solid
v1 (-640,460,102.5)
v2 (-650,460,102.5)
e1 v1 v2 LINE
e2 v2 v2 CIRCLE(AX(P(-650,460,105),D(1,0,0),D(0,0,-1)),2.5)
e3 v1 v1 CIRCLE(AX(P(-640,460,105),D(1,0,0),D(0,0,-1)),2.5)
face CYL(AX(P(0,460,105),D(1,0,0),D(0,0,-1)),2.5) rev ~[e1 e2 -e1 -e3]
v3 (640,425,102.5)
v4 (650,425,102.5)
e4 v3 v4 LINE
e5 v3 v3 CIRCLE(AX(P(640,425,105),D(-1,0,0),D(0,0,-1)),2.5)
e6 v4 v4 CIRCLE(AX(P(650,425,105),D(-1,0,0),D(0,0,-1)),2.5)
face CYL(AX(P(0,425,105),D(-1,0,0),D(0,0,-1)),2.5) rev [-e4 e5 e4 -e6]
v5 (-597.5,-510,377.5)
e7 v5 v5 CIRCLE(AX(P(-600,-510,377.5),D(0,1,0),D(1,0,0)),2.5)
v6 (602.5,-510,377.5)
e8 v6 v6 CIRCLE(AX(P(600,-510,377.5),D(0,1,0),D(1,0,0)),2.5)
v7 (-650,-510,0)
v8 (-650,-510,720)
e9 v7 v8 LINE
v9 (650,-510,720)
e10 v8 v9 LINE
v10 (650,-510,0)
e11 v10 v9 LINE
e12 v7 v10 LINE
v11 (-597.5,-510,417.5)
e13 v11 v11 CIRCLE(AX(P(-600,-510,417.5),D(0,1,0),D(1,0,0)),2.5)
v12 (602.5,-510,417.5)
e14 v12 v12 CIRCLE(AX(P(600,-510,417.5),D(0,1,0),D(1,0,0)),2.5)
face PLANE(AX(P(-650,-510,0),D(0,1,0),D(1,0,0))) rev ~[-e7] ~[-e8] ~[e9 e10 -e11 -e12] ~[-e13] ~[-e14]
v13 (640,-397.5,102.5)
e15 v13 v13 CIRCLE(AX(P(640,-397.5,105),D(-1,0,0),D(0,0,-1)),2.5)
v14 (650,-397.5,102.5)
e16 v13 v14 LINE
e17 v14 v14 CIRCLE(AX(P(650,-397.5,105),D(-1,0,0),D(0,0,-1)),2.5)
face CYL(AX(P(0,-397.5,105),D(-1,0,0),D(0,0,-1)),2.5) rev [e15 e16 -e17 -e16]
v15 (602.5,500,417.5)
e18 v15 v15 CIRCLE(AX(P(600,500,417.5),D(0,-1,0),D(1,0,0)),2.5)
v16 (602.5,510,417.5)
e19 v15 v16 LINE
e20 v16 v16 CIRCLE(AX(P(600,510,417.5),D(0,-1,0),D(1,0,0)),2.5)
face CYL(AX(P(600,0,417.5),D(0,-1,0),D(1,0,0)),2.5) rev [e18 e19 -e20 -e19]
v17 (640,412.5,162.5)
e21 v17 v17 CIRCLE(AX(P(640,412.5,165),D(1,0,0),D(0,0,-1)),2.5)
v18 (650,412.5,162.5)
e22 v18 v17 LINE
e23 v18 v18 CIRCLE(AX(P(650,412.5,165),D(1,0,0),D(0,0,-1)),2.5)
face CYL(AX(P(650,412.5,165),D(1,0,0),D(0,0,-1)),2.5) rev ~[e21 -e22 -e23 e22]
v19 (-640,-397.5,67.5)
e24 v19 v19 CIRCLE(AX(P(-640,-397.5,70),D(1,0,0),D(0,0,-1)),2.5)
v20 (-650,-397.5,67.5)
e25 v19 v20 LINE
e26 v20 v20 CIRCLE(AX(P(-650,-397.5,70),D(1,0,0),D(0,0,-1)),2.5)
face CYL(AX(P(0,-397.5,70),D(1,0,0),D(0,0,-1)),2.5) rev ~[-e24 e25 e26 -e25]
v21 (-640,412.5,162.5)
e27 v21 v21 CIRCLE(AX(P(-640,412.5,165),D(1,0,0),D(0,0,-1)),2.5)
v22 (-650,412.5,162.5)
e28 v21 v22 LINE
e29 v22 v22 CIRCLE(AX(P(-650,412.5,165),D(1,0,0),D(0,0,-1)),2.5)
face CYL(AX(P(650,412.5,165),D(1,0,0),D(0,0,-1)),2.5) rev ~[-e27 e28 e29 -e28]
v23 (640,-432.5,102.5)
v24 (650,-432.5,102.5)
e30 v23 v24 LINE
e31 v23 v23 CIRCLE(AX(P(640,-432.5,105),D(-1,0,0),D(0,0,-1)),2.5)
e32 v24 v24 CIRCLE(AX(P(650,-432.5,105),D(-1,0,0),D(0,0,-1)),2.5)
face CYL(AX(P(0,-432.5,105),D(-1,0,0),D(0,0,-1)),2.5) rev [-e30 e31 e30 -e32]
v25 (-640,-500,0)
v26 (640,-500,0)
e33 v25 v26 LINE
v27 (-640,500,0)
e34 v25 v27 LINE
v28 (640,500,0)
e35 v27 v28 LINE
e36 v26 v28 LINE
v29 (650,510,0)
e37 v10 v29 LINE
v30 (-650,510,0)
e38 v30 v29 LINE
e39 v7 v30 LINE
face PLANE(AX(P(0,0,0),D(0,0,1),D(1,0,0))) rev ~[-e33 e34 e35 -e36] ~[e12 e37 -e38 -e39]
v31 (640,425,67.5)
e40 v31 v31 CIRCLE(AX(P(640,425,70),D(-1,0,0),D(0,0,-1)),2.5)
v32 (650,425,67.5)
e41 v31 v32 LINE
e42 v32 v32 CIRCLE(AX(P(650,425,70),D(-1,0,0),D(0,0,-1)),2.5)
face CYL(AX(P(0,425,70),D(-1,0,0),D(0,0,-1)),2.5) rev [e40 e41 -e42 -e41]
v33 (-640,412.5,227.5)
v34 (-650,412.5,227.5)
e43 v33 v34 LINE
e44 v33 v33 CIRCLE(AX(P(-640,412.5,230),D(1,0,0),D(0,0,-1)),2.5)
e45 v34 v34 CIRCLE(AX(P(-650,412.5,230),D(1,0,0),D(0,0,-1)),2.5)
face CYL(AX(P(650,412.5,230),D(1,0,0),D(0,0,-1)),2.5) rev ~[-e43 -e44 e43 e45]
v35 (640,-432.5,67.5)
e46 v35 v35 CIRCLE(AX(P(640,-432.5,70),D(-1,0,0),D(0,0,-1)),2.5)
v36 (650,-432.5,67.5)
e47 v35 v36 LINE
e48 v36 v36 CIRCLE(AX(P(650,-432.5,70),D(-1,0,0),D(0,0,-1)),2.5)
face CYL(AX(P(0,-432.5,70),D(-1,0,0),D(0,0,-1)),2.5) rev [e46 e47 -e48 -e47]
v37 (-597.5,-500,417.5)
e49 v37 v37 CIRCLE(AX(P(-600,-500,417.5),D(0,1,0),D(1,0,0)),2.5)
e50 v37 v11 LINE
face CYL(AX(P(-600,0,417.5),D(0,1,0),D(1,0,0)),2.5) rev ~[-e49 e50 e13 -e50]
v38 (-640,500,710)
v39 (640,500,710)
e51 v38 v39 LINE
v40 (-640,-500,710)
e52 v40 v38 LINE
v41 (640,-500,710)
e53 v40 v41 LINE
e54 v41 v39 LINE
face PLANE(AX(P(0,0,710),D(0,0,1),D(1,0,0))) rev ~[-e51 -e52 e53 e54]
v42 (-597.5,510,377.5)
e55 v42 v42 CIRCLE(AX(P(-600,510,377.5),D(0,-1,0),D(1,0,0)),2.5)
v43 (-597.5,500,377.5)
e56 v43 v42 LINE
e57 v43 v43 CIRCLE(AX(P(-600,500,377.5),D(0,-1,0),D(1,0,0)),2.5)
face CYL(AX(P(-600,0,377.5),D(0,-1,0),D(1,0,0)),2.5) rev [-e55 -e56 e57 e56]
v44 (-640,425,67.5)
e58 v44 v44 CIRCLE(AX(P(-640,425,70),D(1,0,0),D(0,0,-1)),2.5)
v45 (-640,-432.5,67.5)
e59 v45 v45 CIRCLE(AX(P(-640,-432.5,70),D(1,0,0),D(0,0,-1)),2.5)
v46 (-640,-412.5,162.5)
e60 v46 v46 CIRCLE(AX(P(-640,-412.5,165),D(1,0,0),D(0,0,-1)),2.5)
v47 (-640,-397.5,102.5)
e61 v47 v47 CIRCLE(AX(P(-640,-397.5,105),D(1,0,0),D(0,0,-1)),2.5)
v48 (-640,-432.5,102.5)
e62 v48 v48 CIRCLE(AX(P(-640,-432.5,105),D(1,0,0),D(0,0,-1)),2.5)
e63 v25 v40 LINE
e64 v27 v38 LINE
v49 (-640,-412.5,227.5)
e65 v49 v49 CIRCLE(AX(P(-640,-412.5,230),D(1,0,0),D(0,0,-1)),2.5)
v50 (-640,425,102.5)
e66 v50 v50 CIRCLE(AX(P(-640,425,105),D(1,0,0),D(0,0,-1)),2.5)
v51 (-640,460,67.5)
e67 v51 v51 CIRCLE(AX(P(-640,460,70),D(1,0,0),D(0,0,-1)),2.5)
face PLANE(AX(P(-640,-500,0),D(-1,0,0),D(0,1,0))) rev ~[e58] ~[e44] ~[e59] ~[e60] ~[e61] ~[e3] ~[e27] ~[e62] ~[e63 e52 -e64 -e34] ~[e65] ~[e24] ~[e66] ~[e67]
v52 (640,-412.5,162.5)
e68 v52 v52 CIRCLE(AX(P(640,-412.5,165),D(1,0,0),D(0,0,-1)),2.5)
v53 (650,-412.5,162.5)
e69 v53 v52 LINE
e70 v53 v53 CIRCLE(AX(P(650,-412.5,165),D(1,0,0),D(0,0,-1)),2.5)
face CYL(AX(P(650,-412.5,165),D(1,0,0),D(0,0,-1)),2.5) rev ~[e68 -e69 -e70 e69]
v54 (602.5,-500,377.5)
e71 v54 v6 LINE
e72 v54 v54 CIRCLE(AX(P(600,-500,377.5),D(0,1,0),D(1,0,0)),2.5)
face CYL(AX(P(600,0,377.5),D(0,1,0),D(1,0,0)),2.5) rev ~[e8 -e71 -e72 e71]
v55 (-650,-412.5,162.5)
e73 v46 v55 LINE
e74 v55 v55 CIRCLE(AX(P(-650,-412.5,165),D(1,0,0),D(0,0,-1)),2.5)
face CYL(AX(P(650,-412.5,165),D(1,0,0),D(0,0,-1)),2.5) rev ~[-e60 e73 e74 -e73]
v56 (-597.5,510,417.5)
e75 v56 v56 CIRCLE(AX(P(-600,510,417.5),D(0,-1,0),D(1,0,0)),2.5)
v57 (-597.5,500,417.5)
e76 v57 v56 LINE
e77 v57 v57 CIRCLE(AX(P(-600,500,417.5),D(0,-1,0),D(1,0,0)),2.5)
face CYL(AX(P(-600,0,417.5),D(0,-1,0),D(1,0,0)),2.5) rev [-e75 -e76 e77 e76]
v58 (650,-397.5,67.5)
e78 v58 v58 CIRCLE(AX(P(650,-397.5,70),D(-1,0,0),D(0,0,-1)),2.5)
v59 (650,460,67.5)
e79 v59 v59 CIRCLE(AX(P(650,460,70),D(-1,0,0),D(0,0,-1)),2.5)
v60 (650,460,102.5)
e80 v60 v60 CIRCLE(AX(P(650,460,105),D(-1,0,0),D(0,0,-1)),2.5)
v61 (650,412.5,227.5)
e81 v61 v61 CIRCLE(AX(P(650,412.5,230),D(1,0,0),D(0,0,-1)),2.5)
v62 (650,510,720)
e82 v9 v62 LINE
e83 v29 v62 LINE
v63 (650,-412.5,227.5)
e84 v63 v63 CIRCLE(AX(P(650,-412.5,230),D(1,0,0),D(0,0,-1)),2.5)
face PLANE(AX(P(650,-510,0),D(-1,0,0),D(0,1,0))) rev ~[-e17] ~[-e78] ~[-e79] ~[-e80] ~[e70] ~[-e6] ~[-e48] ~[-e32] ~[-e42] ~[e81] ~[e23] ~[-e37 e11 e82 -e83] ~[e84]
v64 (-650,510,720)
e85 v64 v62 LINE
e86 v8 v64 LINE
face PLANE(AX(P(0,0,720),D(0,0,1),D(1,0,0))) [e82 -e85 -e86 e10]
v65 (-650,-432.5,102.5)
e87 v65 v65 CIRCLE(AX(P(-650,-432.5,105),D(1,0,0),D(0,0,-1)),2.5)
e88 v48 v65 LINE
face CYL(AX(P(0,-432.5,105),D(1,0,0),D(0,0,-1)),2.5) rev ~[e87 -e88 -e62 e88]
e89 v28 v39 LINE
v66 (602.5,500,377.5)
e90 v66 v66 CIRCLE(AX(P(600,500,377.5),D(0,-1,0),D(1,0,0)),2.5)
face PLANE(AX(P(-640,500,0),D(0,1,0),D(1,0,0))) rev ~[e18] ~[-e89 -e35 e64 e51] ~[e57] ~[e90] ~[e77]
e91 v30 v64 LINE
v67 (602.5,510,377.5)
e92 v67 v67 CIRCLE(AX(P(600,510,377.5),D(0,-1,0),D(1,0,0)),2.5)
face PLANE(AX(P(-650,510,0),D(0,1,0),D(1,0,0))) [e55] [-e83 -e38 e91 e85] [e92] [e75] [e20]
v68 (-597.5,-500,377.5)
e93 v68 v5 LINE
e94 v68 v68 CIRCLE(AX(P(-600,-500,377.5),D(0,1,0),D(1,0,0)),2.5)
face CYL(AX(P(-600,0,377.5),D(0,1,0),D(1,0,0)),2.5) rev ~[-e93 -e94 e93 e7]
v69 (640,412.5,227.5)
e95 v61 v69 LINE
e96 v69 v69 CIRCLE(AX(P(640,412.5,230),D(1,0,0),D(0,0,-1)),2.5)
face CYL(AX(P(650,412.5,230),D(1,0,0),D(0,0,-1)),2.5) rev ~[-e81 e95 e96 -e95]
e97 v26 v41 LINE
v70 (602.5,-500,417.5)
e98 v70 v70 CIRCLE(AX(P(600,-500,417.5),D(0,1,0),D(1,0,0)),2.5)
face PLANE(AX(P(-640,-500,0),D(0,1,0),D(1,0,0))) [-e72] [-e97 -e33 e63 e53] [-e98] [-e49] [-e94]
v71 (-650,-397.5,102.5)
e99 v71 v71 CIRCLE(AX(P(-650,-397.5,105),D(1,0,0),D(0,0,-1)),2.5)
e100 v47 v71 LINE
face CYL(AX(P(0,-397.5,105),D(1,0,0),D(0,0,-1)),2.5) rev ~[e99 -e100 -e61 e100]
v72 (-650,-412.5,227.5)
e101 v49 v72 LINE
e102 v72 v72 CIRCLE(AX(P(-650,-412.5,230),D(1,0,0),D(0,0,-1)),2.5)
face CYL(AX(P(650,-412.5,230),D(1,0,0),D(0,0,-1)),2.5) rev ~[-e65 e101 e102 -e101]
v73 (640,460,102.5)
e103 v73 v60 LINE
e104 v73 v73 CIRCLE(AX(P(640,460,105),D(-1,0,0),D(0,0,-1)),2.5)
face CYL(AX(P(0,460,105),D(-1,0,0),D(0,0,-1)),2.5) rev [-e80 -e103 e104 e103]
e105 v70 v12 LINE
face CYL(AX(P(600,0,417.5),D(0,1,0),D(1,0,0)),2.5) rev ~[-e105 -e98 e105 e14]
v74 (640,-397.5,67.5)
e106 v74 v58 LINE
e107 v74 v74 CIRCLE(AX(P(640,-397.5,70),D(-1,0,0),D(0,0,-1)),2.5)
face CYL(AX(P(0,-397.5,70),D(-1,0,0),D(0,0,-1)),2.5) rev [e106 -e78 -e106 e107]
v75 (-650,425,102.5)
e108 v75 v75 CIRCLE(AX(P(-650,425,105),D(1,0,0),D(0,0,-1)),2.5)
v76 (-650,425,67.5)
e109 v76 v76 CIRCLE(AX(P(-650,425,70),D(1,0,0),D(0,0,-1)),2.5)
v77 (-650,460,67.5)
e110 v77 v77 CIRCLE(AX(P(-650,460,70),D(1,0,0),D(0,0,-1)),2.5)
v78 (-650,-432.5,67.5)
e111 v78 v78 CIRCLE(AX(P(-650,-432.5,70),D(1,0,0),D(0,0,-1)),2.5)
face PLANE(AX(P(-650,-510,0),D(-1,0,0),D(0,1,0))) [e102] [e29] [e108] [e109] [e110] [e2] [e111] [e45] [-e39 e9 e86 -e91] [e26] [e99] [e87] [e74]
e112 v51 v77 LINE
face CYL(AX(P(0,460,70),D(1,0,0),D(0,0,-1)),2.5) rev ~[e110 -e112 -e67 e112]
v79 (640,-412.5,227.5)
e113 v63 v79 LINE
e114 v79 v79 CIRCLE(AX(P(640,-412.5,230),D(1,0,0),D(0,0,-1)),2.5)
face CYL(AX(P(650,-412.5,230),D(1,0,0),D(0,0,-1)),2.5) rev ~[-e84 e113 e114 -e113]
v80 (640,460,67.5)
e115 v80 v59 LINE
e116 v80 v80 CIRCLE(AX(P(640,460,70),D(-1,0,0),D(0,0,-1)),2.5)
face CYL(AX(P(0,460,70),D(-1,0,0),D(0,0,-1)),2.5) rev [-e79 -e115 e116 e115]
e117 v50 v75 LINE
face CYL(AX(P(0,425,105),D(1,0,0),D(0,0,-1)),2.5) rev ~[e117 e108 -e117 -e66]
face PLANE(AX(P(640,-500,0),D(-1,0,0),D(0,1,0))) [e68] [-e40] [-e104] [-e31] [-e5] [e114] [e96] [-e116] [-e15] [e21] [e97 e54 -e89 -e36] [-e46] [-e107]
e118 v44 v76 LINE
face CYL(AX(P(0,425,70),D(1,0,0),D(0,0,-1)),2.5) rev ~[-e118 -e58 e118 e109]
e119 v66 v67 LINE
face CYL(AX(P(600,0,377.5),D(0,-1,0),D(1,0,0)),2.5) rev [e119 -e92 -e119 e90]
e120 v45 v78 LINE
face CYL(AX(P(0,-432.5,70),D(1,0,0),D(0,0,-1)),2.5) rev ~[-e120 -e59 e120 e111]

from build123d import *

# Parameters (mm, degrees)
SKETCH1_W               = 1300
SKETCH1_H               = 1020
BOSS_EXTRUDE2_DEPTH     = 720
SKETCH3_W               = 1280
SKETCH3_H               = 1000
CUT_EXTRUDE1_DEPTH      = 710
SKETCH4_R               = 2.5
CUT_EXTRUDE2_DEPTH      = 651
CUT_EXTRUDE2_DEPTH_BACK = 651
SKETCH6_R               = 2.5
CUT_EXTRUDE5_DEPTH      = 3326.5
SKETCH7_R               = 2.5
CUT_EXTRUDE6_DEPTH      = 652
CUT_EXTRUDE6_DEPTH_BACK = 886


with BuildPart() as part:
    # Sketch1 → Boss-Extrude2 (new body)
    with BuildSketch(Plane.XY):
        Rectangle(SKETCH1_W, SKETCH1_H)
    extrude(amount=BOSS_EXTRUDE2_DEPTH)

    # Sketch3 → Cut-Extrude1 (cut)
    with BuildSketch(Plane.XY):
        Rectangle(SKETCH3_W, SKETCH3_H)
    extrude(amount=CUT_EXTRUDE1_DEPTH, mode=Mode.SUBTRACT)

    # Sketch4 → Cut-Extrude2 (cut, two sides)
    with BuildSketch(Plane(origin=(0, 0, 0), x_dir=(0, 0, -1), z_dir=(1, 0, 0))) as cut_extrude2_sk:
        with Locations((-70, 460)):
            Circle(SKETCH4_R)
        with Locations((-105, 460)):
            Circle(SKETCH4_R)
        with Locations((-105, 425)):
            Circle(SKETCH4_R)
        with Locations((-70, 425)):
            Circle(SKETCH4_R)
        with Locations((-105, -432.5)):
            Circle(SKETCH4_R)
        with Locations((-105, -397.5)):
            Circle(SKETCH4_R)
        with Locations((-70, -397.5)):
            Circle(SKETCH4_R)
        with Locations((-70, -432.5)):
            Circle(SKETCH4_R)
    extrude(amount=CUT_EXTRUDE2_DEPTH, mode=Mode.SUBTRACT)
    extrude(cut_extrude2_sk.sketch, amount=-CUT_EXTRUDE2_DEPTH_BACK, mode=Mode.SUBTRACT)

    # Sketch6 → Cut-Extrude5 (cut)
    with BuildSketch(Plane(origin=(650, 0, 0), x_dir=(0, 0, -1), z_dir=(1, 0, 0))):
        with Locations((-105, 460)):
            Circle(SKETCH6_R)
        with Locations((-230, 412.5)):
            Circle(SKETCH6_R)
        with Locations((-165, 412.5)):
            Circle(SKETCH6_R)
        with Locations((-165, -412.5)):
            Circle(SKETCH6_R)
        with Locations((-230, -412.5)):
            Circle(SKETCH6_R)
    extrude(amount=-CUT_EXTRUDE5_DEPTH, mode=Mode.SUBTRACT)

    # Sketch7 → Cut-Extrude6 (cut, two sides)
    with BuildSketch(Plane(origin=(0, 0, 0), x_dir=(1, 0, 0), z_dir=(0, 1, 0))) as cut_extrude6_sk:
        with Locations((600, -417.5)):
            Circle(SKETCH7_R)
        with Locations((600, -377.5)):
            Circle(SKETCH7_R)
        with Locations((-600, -417.5)):
            Circle(SKETCH7_R)
        with Locations((-600, -377.5)):
            Circle(SKETCH7_R)
    extrude(amount=CUT_EXTRUDE6_DEPTH, mode=Mode.SUBTRACT)
    extrude(cut_extrude6_sk.sketch, amount=-CUT_EXTRUDE6_DEPTH_BACK, mode=Mode.SUBTRACT)


solid = part.part
